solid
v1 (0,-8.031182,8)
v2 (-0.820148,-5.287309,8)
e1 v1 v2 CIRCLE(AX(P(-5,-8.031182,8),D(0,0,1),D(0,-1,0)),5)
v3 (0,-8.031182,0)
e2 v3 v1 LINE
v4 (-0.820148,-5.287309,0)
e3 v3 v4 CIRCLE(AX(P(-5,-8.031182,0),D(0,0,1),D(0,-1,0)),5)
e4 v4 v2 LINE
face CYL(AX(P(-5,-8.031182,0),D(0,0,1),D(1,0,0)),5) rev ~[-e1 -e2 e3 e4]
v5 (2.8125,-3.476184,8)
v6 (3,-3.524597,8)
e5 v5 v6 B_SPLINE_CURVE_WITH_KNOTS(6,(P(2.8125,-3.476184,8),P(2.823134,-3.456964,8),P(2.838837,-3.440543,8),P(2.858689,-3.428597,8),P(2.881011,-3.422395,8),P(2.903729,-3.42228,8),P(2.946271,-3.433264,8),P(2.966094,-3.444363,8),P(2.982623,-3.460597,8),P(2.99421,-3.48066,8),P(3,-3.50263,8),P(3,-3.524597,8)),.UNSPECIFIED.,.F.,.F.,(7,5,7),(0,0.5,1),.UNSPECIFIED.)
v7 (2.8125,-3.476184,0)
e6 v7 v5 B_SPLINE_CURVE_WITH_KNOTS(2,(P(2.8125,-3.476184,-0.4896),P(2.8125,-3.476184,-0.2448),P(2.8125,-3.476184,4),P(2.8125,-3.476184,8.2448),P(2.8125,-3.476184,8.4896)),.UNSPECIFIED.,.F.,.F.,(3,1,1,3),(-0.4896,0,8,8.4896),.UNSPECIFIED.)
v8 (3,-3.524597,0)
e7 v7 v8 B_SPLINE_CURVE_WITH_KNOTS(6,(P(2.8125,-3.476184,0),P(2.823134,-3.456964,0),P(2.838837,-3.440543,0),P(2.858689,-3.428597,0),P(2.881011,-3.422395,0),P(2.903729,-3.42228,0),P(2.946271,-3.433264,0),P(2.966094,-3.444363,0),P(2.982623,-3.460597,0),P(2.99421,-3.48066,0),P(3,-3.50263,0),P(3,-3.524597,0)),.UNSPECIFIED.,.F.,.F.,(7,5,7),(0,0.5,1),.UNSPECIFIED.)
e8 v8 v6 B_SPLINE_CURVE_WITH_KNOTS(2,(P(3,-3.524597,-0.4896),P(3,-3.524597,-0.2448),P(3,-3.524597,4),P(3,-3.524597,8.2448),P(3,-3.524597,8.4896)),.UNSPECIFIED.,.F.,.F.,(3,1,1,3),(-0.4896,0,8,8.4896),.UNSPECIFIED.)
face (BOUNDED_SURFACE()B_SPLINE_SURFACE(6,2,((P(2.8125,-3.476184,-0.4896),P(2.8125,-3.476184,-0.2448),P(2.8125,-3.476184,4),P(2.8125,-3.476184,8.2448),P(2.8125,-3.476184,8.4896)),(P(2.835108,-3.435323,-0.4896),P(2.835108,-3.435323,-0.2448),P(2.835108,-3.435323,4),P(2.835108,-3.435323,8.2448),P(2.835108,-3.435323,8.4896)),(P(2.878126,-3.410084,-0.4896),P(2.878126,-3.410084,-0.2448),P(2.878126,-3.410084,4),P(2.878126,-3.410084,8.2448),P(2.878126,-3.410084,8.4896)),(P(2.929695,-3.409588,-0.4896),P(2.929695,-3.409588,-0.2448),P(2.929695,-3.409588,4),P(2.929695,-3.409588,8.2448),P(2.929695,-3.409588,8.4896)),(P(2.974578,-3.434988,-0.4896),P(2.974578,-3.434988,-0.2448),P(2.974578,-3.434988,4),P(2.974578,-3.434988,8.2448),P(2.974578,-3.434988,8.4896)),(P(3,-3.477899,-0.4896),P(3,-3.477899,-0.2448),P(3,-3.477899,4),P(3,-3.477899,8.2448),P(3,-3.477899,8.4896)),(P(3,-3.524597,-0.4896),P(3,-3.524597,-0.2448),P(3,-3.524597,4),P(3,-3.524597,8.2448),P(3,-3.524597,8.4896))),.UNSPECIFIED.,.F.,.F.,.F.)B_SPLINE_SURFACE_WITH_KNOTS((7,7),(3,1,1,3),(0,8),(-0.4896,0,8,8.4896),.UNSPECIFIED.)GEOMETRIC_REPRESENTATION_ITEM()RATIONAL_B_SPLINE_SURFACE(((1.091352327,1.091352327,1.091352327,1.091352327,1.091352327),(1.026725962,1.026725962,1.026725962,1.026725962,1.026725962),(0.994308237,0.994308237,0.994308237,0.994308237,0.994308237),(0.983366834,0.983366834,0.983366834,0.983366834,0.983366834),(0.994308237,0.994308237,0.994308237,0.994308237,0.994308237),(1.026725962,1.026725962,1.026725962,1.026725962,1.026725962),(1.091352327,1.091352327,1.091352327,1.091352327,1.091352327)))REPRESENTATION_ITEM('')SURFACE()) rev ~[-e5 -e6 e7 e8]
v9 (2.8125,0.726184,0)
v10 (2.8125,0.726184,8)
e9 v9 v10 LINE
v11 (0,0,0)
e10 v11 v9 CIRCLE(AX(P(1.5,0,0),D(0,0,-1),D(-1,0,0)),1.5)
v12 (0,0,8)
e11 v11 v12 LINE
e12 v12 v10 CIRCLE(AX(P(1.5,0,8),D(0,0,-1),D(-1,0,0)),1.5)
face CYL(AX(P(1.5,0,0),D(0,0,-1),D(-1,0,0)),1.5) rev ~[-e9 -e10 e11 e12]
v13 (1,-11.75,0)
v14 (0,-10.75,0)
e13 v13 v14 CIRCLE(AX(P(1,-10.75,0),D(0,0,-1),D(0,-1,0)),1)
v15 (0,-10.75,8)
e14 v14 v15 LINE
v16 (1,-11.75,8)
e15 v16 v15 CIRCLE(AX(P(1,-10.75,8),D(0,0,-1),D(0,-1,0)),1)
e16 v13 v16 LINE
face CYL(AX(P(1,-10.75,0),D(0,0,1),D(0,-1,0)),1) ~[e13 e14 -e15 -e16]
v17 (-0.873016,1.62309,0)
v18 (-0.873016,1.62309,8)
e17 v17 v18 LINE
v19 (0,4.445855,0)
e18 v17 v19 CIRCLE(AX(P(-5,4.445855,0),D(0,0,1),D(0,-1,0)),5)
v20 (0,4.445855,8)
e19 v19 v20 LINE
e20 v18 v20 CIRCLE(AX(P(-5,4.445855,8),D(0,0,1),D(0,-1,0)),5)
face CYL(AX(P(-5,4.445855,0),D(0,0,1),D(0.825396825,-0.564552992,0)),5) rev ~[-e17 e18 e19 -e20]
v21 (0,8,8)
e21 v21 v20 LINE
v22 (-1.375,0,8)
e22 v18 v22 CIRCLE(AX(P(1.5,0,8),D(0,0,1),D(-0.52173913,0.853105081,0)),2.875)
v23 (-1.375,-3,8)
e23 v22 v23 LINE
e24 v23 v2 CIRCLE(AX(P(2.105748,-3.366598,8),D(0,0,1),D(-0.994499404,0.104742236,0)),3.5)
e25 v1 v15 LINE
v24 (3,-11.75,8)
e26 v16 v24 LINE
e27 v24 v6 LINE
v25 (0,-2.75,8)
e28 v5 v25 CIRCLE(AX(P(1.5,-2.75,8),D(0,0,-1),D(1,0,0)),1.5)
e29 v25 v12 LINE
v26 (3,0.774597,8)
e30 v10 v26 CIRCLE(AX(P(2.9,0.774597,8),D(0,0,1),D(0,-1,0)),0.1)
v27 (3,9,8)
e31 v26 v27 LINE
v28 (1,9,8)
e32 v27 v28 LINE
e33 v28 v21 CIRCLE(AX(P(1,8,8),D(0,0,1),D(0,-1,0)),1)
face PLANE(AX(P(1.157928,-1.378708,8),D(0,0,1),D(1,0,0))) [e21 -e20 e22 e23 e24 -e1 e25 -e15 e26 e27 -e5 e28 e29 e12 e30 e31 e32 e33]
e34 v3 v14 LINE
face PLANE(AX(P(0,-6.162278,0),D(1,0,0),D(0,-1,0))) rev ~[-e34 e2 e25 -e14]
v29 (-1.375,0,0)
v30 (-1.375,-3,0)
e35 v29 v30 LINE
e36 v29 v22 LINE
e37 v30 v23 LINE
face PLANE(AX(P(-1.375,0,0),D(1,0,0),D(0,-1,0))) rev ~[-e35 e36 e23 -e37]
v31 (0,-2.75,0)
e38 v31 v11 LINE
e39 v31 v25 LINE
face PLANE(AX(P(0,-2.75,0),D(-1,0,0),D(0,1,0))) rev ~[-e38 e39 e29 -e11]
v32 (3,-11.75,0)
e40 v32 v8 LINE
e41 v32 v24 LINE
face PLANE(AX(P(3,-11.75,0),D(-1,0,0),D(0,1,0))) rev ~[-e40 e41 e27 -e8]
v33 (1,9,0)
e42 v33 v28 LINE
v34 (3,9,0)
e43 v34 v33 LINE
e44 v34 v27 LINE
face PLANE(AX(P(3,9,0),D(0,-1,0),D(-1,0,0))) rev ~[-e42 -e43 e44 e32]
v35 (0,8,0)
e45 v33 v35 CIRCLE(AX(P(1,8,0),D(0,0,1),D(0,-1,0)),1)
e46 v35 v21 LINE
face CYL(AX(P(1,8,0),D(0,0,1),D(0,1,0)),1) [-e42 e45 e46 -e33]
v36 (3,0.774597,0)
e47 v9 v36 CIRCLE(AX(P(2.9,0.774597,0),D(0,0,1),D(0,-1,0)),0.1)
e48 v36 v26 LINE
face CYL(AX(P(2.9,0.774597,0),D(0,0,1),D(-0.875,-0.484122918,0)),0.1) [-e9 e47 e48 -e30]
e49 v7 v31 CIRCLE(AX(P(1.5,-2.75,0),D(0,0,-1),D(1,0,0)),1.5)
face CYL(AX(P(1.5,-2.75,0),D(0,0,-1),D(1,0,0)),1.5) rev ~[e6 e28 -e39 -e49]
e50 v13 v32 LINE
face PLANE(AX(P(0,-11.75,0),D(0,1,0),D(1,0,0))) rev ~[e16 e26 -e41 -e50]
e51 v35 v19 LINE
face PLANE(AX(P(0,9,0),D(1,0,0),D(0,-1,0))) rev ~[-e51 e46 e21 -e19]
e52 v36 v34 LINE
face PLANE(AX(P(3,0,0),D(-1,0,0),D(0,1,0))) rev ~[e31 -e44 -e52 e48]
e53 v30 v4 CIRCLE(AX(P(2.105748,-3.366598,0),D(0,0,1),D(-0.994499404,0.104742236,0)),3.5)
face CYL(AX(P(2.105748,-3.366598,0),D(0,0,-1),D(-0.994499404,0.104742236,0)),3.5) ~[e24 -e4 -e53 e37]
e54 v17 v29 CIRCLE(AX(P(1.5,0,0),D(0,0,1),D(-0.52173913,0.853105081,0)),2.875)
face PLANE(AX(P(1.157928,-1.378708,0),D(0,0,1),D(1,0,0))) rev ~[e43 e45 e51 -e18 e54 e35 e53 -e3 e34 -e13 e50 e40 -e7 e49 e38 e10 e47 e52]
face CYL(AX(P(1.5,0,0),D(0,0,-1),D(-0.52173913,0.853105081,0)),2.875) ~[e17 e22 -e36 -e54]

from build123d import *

# Parameters (mm, degrees)
F1_DEPTH = 8
F2_R     = 0.1
F3_R     = 1
F4_R     = 5


with BuildPart() as f1:
    # F0 (on Top) → F1 (new body)
    with BuildSketch(Plane.XY):
        with BuildLine():
            Line((0, -2.75), (0, 0))
            ThreePointArc((0, 0), (1.5, 1.5), (3, 0))
            Line((3, 0), (3, 9))
            Line((3, 9), (0, 9))
            Line((0, 9), (0, 2.4526771088))
            ThreePointArc((0, 2.4526771088), (-1.007800331, 1.4059027349), (-1.375, 0))
            Line((-1.375, 0), (-1.375, -3))
            ThreePointArc((-1.375, -3), (-1.1039614046, -4.7622217371), (0, -6.1622776602))
            Line((0, -6.1622776602), (0, -11.75))
            Line((0, -11.75), (3, -11.75))
            Line((3, -11.75), (3, -2.75))
            ThreePointArc((3, -2.75), (1.5, -4.25), (0, -2.75))
        make_face()
    extrude(amount=F1_DEPTH)

    # F2 (call 1 of 2: OpenCascade refuses the feature's edges together)
    f2_edges = [f1.edges().sort_by_distance(p)[0] for p in [
        (3, 0, 4),
    ]]
    fillet(f2_edges, radius=F2_R)

    # F2#2 (call 2 of 2)
    f2_2_edges = [f1.edges().sort_by_distance(p)[0] for p in [
        (3, -2.75, 4),
    ]]
    fillet(f2_2_edges, radius=F2_R)

    # F3
    f3_edges = [f1.edges().sort_by_distance(p)[0] for p in [
        (0, 9, 4),
        (0, -11.75, 4),
    ]]
    fillet(f3_edges, radius=F3_R)

    # F4
    f4_edges = [f1.edges().sort_by_distance(p)[0] for p in [
        (0, 2.452677, 4),
        (0, -6.162278, 4),
    ]]
    fillet(f4_edges, radius=F4_R)


solid = f1.part
